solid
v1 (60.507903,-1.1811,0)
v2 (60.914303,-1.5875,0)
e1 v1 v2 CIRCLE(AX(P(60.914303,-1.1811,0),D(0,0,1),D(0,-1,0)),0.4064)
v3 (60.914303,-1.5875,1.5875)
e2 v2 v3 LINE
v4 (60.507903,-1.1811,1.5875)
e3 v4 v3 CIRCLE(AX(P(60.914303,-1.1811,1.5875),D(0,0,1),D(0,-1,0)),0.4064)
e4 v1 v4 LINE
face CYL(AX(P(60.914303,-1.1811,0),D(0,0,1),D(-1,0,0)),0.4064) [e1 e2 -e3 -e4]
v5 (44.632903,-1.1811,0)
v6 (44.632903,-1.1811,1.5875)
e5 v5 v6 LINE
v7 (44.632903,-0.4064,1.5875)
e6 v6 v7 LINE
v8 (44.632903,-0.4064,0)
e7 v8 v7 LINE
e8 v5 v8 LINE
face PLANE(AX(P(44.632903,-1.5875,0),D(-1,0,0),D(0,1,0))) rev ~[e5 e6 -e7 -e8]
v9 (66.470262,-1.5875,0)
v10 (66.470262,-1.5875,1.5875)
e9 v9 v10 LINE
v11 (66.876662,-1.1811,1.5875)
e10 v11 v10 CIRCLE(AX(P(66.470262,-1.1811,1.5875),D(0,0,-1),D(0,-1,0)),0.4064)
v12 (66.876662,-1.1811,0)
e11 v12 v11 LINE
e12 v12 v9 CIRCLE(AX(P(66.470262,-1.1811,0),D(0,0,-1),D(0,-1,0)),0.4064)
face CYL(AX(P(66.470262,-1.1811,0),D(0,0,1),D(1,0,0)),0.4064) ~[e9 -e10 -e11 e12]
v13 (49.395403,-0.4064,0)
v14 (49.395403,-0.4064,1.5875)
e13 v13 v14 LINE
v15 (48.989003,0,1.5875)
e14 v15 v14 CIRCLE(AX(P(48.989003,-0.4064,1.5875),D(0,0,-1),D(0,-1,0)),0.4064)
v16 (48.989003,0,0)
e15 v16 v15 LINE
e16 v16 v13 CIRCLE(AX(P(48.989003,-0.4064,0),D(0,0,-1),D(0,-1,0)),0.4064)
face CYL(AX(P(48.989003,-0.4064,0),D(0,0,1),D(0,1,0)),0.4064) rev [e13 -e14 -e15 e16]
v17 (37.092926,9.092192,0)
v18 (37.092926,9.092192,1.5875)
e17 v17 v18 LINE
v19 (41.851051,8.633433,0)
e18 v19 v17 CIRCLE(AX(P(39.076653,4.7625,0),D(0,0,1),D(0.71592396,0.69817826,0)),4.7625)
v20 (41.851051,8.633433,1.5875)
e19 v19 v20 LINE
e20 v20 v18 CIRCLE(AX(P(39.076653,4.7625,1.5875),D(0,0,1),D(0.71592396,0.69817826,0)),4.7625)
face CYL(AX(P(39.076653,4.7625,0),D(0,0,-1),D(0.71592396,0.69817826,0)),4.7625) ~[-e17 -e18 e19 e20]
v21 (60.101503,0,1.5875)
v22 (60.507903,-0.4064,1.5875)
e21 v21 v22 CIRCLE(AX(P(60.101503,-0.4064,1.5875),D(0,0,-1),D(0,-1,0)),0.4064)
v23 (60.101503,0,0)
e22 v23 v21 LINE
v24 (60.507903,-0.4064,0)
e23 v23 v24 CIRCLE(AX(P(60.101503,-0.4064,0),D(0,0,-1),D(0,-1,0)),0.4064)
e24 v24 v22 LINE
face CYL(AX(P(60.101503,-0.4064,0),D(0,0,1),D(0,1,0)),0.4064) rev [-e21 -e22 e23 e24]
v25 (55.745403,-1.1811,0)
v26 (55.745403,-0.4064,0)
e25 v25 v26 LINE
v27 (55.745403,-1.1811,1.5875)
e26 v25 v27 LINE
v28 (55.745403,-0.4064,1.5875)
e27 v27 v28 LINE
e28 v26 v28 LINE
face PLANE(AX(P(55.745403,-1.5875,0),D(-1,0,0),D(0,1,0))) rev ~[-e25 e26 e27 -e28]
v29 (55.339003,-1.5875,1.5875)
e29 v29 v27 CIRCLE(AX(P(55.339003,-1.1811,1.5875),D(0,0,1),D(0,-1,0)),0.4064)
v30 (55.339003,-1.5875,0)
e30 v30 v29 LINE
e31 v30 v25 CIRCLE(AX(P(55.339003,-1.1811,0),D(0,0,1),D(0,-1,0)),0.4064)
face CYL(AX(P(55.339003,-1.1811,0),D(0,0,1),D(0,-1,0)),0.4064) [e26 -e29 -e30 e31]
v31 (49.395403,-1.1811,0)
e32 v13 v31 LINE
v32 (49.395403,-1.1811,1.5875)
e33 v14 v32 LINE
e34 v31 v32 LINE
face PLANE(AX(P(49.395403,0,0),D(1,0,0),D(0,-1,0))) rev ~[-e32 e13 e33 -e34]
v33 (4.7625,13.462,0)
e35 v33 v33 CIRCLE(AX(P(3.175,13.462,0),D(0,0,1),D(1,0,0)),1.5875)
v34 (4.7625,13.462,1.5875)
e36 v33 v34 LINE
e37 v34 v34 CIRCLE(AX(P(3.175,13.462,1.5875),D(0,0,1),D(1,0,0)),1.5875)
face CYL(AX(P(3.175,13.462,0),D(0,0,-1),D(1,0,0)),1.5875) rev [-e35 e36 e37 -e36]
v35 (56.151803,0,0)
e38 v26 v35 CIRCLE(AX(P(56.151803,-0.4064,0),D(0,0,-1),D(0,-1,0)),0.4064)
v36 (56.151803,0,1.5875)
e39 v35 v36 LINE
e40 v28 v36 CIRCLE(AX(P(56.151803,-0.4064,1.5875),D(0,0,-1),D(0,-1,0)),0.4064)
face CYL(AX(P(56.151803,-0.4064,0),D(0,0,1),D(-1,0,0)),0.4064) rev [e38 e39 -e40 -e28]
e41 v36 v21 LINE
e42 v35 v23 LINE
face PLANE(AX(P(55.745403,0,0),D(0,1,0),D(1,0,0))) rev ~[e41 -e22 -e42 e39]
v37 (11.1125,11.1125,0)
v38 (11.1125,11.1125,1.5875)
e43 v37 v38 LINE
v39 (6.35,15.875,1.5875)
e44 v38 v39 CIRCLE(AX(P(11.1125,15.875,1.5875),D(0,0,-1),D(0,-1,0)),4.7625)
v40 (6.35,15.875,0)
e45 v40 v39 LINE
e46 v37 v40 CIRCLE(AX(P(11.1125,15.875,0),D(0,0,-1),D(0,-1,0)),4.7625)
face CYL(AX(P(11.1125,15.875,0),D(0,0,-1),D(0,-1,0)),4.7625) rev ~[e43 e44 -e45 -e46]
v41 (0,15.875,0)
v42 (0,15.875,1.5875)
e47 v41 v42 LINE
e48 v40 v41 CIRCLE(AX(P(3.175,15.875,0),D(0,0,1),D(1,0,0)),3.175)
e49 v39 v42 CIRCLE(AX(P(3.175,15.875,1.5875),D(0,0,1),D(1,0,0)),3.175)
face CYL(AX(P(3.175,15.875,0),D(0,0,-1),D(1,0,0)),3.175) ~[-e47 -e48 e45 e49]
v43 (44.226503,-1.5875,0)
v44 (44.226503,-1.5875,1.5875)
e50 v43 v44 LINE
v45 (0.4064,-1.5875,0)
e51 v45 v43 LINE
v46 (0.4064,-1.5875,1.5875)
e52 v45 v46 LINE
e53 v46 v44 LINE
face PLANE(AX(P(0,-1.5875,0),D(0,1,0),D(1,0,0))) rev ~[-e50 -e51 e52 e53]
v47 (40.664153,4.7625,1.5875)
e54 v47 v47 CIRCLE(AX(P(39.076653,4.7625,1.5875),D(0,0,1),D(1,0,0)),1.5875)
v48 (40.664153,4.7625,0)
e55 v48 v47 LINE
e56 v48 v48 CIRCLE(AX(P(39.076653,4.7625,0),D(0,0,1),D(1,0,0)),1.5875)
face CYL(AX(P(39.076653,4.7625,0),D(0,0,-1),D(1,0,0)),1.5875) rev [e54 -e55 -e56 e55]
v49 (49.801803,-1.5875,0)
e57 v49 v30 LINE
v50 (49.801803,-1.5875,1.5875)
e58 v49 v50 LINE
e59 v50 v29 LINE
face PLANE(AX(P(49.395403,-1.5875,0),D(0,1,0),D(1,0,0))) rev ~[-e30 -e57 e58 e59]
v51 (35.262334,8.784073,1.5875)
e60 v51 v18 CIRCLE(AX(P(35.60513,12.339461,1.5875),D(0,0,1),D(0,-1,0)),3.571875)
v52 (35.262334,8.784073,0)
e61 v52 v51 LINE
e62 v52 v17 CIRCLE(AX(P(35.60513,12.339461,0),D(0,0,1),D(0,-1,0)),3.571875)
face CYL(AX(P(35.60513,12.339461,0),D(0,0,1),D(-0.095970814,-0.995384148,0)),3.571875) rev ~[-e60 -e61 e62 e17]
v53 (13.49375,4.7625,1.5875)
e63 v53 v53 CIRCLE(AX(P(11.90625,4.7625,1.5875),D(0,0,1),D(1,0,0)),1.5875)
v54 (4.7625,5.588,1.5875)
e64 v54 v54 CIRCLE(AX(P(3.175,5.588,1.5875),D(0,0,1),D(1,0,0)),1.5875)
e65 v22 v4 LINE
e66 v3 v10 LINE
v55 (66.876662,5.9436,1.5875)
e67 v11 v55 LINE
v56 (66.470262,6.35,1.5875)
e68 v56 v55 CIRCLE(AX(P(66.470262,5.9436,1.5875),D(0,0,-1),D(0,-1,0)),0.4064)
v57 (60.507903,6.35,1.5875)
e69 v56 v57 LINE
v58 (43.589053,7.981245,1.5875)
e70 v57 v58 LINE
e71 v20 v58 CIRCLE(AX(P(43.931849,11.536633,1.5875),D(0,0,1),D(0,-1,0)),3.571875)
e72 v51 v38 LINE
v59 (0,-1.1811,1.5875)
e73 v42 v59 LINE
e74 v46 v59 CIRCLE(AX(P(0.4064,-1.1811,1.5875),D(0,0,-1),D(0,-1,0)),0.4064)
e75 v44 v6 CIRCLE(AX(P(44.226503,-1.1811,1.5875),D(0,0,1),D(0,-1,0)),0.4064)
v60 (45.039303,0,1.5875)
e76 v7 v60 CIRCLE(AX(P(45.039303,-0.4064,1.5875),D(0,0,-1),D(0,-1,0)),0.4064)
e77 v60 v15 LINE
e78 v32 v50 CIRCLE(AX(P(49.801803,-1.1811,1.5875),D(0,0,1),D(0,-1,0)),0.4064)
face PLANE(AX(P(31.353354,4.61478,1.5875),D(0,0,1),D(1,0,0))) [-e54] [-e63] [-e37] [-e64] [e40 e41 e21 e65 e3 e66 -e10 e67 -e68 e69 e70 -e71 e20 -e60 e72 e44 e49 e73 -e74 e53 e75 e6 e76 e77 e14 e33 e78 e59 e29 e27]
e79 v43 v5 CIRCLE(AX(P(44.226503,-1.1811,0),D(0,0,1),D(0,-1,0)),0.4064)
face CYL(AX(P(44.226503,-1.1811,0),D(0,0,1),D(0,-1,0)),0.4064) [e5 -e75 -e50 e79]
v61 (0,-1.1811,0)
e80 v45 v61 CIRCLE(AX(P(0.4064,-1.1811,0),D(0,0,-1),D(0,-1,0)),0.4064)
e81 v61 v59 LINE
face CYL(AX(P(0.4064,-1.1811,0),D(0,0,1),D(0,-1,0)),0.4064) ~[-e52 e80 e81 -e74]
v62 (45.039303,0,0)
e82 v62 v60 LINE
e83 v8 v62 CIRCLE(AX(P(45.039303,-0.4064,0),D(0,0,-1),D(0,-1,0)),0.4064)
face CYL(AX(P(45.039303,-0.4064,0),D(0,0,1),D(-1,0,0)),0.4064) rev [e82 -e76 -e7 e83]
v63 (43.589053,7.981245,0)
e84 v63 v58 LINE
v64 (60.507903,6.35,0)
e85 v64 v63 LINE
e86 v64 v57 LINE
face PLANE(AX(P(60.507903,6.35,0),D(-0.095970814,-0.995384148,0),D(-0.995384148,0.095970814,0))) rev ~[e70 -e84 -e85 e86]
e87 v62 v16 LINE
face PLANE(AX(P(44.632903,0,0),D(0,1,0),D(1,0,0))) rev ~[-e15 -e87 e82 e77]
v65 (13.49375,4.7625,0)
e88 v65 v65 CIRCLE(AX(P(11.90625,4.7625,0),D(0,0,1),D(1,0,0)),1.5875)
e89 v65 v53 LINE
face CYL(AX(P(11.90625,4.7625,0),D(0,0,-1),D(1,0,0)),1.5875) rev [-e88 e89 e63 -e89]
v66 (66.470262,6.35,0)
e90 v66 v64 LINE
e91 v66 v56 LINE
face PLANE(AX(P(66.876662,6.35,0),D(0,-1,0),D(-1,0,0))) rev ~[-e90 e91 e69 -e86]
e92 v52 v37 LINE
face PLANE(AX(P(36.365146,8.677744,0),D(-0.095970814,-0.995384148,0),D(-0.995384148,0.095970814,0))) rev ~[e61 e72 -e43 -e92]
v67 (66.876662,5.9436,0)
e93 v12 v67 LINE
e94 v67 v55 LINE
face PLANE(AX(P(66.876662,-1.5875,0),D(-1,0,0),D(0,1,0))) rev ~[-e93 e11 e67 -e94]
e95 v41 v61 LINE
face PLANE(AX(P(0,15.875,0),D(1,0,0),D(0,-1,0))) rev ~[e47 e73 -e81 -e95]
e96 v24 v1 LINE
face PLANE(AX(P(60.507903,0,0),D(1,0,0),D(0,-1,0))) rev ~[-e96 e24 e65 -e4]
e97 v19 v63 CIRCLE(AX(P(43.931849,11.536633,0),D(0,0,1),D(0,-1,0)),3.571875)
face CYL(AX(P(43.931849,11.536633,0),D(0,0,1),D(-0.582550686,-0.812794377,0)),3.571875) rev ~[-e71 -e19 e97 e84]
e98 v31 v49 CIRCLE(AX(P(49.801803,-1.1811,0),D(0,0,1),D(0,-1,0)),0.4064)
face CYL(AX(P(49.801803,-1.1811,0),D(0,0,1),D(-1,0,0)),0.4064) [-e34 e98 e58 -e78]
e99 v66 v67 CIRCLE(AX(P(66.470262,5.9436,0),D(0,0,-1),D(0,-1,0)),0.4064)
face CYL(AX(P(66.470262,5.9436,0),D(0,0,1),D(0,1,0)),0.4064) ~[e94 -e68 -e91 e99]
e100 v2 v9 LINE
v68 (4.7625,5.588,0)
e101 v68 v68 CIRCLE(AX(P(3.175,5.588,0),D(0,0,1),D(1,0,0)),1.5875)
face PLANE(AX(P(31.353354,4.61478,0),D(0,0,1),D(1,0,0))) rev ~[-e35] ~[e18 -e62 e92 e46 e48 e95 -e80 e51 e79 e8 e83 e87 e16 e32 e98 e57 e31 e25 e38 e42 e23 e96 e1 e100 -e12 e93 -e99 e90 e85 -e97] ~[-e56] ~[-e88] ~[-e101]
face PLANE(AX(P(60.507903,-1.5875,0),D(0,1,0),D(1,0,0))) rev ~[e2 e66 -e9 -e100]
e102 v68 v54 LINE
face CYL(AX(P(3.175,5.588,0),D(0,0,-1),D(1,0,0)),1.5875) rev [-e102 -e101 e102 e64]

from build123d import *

# Parameters (mm, degrees)
SKETCH1_R           = 1.5875
BOSS_EXTRUDE1_DEPTH = 1.5875
FILLET1_R           = 0.4064
FILLET2_R           = 3.571875


with BuildPart() as part:
    # Sketch1 → Boss-Extrude1 (new body)
    with BuildSketch(Plane.XY):
        with BuildLine():
            Line((0, -1.5875), (44.63290286, -1.5875))
            Line((44.63290286, -1.5875), (44.63290286, 0))
            Line((44.63290286, 0), (49.39540286, 0))
            Line((49.39540286, 0), (49.39540286, -1.5875))
            Line((49.39540286, -1.5875), (55.74540286, -1.5875))
            Line((55.74540286, -1.5875), (55.74540286, 0))
            Line((55.74540286, 0), (60.50790286, 0))
            Line((60.50790286, 0), (60.50790286, -1.5875))
            Line((60.50790286, -1.5875), (66.87666203, -1.5875))
            Line((66.87666203, -1.5875), (66.87666203, 6.35))
            Line((66.87666203, 6.35), (60.50790286, 6.35))
            Line((60.50790286, 6.35), (42.486240722, 8.087573964))
            ThreePointArc((42.486240722, 8.087573964), (39.53371386, 9.503017007), (36.365146493, 8.677744497))
            Line((36.365146493, 8.677744497), (11.1125, 11.1125))
            ThreePointArc((11.1125, 11.1125), (7.744903955, 12.507403955), (6.35, 15.875))
            ThreePointArc((6.35, 15.875), (3.175, 19.05), (0, 15.875))
            Line((0, 15.875), (0, -1.5875))
        make_face()
        with Locations((3.175, 5.588)):
            Circle(SKETCH1_R, mode=Mode.SUBTRACT)
        with Locations((3.175, 13.462)):
            Circle(SKETCH1_R, mode=Mode.SUBTRACT)
        with Locations((11.90625, 4.7625)):
            Circle(SKETCH1_R, mode=Mode.SUBTRACT)
        with Locations((39.07665286, 4.7625)):
            Circle(SKETCH1_R, mode=Mode.SUBTRACT)
    extrude(amount=BOSS_EXTRUDE1_DEPTH)

    # Fillet1
    fillet1_edges = [part.edges().sort_by_distance(p)[0] for p in [
        (60.50790286, 6.35, 0.79375),
        (66.87666203, 6.35, 0.79375),
        (66.87666203, -1.5875, 0.79375),
        (60.50790286, -1.5875, 0.79375),
        (60.50790286, 0, 0.79375),
        (55.74540286, 0, 0.79375),
        (55.74540286, -1.5875, 0.79375),
        (49.39540286, -1.5875, 0.79375),
        (49.39540286, 0, 0.79375),
        (44.63290286, 0, 0.79375),
        (44.63290286, -1.5875, 0.79375),
        (0, -1.5875, 0.79375),
    ]]
    fillet(fillet1_edges, radius=FILLET1_R)

    # Fillet2
    fillet2_edges = [part.edges().sort_by_distance(p)[0] for p in [
        (36.365146493, 8.677744497, 0.79375),
        (42.486240722, 8.087573964, 0.79375),
    ]]
    fillet(fillet2_edges, radius=FILLET2_R)


solid = part.part
